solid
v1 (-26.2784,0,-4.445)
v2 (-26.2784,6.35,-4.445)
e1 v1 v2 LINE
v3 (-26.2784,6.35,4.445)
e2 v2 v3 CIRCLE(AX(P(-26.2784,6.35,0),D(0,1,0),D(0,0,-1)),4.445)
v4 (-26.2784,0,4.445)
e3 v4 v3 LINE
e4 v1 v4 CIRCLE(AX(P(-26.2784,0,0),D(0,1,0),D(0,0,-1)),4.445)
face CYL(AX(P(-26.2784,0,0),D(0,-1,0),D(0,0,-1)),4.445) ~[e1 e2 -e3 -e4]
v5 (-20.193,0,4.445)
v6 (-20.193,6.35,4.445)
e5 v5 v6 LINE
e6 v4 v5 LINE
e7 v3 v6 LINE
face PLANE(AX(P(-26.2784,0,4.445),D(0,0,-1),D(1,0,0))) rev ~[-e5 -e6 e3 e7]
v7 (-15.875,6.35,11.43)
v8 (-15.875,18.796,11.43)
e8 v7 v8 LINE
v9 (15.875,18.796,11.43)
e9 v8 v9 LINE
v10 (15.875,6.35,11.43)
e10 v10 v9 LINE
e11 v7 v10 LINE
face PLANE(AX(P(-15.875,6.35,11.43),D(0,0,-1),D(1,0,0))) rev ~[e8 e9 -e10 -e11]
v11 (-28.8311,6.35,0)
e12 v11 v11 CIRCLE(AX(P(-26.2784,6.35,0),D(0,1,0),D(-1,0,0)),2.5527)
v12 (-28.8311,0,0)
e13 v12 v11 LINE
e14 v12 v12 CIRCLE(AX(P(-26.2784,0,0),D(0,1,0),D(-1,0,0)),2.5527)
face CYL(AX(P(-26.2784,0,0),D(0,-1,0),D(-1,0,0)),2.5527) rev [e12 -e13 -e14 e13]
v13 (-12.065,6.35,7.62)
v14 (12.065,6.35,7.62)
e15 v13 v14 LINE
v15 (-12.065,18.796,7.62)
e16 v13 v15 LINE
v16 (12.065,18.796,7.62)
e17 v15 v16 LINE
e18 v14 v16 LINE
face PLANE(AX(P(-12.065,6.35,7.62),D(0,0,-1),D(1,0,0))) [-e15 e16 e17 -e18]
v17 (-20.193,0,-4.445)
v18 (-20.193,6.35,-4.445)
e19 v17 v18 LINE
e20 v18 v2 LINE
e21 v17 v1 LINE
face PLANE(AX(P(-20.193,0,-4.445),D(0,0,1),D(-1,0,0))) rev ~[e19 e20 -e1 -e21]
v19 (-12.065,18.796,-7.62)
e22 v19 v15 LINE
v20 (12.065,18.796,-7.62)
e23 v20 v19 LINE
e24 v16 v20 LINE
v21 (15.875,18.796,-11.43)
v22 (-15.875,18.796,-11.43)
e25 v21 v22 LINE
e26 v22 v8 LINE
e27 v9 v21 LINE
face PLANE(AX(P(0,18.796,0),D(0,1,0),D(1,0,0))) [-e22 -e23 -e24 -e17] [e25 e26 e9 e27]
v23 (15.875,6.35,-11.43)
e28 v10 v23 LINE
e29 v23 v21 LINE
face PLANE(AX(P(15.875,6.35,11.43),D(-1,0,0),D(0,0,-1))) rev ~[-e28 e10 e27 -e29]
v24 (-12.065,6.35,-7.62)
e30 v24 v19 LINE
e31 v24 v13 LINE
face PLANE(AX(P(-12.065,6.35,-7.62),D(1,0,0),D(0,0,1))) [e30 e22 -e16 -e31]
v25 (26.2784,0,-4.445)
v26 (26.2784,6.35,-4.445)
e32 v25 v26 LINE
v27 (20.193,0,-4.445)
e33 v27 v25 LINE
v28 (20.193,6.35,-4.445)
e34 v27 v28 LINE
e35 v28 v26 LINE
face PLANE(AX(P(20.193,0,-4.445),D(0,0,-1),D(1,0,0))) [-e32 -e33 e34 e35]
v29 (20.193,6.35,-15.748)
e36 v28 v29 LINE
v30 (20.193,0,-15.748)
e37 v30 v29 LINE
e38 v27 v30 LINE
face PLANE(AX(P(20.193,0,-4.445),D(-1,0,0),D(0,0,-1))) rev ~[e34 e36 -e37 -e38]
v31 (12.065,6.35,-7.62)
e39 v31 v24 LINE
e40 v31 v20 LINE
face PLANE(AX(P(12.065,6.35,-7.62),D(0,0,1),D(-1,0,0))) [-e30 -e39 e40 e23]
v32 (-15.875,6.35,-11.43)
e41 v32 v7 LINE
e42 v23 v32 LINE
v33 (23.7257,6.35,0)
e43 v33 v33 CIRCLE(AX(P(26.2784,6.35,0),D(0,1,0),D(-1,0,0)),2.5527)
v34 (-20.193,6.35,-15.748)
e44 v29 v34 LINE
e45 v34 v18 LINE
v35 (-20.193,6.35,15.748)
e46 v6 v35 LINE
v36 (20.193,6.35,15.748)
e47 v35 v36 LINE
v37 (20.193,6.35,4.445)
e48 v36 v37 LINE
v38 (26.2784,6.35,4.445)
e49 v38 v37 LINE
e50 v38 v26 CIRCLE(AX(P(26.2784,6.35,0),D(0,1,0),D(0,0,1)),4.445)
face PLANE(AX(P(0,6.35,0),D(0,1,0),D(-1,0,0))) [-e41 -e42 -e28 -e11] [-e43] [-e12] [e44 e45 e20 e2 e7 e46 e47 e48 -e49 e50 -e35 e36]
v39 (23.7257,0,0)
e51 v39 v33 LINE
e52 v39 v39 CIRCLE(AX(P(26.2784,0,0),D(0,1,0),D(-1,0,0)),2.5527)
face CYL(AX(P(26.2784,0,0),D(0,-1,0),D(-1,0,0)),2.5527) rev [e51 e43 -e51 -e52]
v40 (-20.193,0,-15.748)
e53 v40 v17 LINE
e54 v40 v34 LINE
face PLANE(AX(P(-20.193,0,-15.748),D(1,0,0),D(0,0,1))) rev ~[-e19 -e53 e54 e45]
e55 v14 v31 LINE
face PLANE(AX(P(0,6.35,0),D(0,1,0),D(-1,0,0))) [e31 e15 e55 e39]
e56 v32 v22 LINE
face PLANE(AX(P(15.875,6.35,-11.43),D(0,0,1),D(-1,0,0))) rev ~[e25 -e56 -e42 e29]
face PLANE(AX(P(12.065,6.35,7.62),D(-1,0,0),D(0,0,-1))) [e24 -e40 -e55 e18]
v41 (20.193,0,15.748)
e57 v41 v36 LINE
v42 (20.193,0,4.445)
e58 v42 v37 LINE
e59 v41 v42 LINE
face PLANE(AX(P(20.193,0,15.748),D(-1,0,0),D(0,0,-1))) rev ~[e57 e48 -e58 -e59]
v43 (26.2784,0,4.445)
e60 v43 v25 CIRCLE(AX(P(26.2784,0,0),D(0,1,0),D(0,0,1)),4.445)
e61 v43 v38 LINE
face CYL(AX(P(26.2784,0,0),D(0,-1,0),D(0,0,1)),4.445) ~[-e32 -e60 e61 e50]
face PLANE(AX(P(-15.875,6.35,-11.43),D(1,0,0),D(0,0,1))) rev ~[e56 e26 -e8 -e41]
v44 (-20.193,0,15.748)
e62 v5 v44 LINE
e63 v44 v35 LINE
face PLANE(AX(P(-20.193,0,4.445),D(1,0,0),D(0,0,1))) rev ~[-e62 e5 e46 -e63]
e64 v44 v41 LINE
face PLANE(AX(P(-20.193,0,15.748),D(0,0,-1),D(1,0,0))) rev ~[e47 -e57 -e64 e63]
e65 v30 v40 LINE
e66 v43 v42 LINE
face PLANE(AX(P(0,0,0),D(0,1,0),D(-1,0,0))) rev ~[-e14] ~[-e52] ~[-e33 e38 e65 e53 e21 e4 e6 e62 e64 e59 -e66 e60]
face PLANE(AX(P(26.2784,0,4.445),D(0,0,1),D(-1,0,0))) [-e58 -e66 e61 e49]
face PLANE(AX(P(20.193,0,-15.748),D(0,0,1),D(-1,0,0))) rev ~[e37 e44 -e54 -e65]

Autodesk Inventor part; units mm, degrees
ref_plane "YZ Plane" through (0, 0, 0) normal (1, 0, 0) x (0, 1, 0)
ref_plane "XZ Plane" through (0, 0, 0) normal (0, 1, 0) x (-1, 0, 0)
ref_plane "XY Plane" through (0, 0, 0) normal (0, 0, 1) x (1, 0, 0)
sketch "Sketch1" plane through (0, 0, 0) normal (0, 1, 0) x (-1, 0, 0)
  line L0 (20.193, 15.748) -> (-20.193, 15.748)
  line L1 (-20.193, -15.748) -> (20.193, -15.748)
  line L2 (20.193, 15.748) -> (-20.193, -15.748) construction
  line L3 (-20.193, 15.748) -> (20.193, -15.748) construction
  line L4 (26.2784, 0) -> (13.1572, 0) construction
  line L5 (26.2784, 4.445) -> (20.193, 4.445)
  line L6 (20.193, -4.445) -> (26.2784, -4.445)
  arc A0 (26.2784, -4.445) -> (26.2784, 4.445) centre (26.2784, 0) ccw
  line L7 (0, -15.748) -> (0, 15.748) construction
  line L8 (-26.2784, 4.445) -> (-20.193, 4.445)
  line L9 (-20.193, -4.445) -> (-26.2784, -4.445)
  arc A1 (-26.2784, 4.445) -> (-26.2784, -4.445) centre (-26.2784, 0) ccw
  line L10 (20.193, -15.748) -> (20.193, -4.445)
  line L11 (20.193, 4.445) -> (20.193, 15.748)
  line L12 (-20.193, 15.748) -> (-20.193, 4.445)
  line L13 (-20.193, -4.445) -> (-20.193, -15.748)
  circle A2 centre (-26.2784, 0) radius 2.5527
  circle A3 centre (26.2784, 0) radius 2.5527
  point P0 (0, 0)
  point P1 (19.7178, 0)
  dimension "d0" = 40.386
  dimension "d1" = 31.496
  dimension "d2" = 8.89
  dimension "d5" = 5.1054
  dimension "d6" = 5.1054
extrude "Extrusion2" add sketch "Sketch1" along normal blind 6.35
sketch "Sketch5" plane through (0, 6.35, 0) normal (0, 1, 0) x (1, 0, 0)
  line L0 (-15.875, -11.43) -> (15.875, -11.43)
  line L1 (15.875, -11.43) -> (15.875, 11.43)
  line L2 (15.875, 11.43) -> (-15.875, 11.43)
  line L3 (-15.875, 11.43) -> (-15.875, -11.43)
  line L4 (-15.875, -11.43) -> (15.875, 11.43) construction
  line L5 (15.875, -11.43) -> (-15.875, 11.43) construction
  line L6 (-12.065, -7.62) -> (12.065, -7.62)
  line L7 (12.065, -7.62) -> (12.065, 7.62)
  line L8 (12.065, 7.62) -> (-12.065, 7.62)
  line L9 (-12.065, 7.62) -> (-12.065, -7.62)
  line L10 (-12.065, -7.62) -> (12.065, 7.62) construction
  line L11 (12.065, -7.62) -> (-12.065, 7.62) construction
  point P0 (0, 0)
  dimension "d17" = 31.75
  dimension "d18" = 22.86
  dimension "d19" = 3.81
  dimension "d20" = 3.81
extrude "Extrusion5" add sketch "Sketch5" along normal blind 12.446
equation "\"d0\" = 2 * imuBoxWallThickness + imuBoardLength + 2 * imuPrintError"
equation "\"d1\" = 2 * imuBoxWallThickness + imuBoardWidth + 2 * imuPrintError"
equation "\"d2\" = widthSlot"
equation "\"d7\" = imuBoxBottom"
equation "\"d17\" = imuBoxTopLength"
equation "\"d18\" = imuBoxTopWidth"
equation "\"d19\" = imuBoxWallThickness"
equation "\"d20\" = imuBoxWallThickness"
equation "\"imuBoardWidth\" = 22.86"
equation "\"imuBoardLength\" = 31.75"
equation "\"imuBoardTopThickness\" = 11.176"
equation "\"imuBoardBottomThickness\" = 5.334"
equation "\"imuBoardHoleDistance\" = 19.7104"
equation "\"imuBoxWallThickness\" = 3.81"
equation "\"widthSlot\" = 8.89"
equation "\"imuBoxBottom\" = 6.35"
equation "\"imuBoxHeight\" = 19.05"
equation "\"imuPrintError\" = 0.508"
equation "\"imuBoxTopWidth\" = imuBoardWidth"
equation "\"imuBoxTopLength\" = imuBoardLength"
properties part number "fc-GyroAccelBoxTop"
